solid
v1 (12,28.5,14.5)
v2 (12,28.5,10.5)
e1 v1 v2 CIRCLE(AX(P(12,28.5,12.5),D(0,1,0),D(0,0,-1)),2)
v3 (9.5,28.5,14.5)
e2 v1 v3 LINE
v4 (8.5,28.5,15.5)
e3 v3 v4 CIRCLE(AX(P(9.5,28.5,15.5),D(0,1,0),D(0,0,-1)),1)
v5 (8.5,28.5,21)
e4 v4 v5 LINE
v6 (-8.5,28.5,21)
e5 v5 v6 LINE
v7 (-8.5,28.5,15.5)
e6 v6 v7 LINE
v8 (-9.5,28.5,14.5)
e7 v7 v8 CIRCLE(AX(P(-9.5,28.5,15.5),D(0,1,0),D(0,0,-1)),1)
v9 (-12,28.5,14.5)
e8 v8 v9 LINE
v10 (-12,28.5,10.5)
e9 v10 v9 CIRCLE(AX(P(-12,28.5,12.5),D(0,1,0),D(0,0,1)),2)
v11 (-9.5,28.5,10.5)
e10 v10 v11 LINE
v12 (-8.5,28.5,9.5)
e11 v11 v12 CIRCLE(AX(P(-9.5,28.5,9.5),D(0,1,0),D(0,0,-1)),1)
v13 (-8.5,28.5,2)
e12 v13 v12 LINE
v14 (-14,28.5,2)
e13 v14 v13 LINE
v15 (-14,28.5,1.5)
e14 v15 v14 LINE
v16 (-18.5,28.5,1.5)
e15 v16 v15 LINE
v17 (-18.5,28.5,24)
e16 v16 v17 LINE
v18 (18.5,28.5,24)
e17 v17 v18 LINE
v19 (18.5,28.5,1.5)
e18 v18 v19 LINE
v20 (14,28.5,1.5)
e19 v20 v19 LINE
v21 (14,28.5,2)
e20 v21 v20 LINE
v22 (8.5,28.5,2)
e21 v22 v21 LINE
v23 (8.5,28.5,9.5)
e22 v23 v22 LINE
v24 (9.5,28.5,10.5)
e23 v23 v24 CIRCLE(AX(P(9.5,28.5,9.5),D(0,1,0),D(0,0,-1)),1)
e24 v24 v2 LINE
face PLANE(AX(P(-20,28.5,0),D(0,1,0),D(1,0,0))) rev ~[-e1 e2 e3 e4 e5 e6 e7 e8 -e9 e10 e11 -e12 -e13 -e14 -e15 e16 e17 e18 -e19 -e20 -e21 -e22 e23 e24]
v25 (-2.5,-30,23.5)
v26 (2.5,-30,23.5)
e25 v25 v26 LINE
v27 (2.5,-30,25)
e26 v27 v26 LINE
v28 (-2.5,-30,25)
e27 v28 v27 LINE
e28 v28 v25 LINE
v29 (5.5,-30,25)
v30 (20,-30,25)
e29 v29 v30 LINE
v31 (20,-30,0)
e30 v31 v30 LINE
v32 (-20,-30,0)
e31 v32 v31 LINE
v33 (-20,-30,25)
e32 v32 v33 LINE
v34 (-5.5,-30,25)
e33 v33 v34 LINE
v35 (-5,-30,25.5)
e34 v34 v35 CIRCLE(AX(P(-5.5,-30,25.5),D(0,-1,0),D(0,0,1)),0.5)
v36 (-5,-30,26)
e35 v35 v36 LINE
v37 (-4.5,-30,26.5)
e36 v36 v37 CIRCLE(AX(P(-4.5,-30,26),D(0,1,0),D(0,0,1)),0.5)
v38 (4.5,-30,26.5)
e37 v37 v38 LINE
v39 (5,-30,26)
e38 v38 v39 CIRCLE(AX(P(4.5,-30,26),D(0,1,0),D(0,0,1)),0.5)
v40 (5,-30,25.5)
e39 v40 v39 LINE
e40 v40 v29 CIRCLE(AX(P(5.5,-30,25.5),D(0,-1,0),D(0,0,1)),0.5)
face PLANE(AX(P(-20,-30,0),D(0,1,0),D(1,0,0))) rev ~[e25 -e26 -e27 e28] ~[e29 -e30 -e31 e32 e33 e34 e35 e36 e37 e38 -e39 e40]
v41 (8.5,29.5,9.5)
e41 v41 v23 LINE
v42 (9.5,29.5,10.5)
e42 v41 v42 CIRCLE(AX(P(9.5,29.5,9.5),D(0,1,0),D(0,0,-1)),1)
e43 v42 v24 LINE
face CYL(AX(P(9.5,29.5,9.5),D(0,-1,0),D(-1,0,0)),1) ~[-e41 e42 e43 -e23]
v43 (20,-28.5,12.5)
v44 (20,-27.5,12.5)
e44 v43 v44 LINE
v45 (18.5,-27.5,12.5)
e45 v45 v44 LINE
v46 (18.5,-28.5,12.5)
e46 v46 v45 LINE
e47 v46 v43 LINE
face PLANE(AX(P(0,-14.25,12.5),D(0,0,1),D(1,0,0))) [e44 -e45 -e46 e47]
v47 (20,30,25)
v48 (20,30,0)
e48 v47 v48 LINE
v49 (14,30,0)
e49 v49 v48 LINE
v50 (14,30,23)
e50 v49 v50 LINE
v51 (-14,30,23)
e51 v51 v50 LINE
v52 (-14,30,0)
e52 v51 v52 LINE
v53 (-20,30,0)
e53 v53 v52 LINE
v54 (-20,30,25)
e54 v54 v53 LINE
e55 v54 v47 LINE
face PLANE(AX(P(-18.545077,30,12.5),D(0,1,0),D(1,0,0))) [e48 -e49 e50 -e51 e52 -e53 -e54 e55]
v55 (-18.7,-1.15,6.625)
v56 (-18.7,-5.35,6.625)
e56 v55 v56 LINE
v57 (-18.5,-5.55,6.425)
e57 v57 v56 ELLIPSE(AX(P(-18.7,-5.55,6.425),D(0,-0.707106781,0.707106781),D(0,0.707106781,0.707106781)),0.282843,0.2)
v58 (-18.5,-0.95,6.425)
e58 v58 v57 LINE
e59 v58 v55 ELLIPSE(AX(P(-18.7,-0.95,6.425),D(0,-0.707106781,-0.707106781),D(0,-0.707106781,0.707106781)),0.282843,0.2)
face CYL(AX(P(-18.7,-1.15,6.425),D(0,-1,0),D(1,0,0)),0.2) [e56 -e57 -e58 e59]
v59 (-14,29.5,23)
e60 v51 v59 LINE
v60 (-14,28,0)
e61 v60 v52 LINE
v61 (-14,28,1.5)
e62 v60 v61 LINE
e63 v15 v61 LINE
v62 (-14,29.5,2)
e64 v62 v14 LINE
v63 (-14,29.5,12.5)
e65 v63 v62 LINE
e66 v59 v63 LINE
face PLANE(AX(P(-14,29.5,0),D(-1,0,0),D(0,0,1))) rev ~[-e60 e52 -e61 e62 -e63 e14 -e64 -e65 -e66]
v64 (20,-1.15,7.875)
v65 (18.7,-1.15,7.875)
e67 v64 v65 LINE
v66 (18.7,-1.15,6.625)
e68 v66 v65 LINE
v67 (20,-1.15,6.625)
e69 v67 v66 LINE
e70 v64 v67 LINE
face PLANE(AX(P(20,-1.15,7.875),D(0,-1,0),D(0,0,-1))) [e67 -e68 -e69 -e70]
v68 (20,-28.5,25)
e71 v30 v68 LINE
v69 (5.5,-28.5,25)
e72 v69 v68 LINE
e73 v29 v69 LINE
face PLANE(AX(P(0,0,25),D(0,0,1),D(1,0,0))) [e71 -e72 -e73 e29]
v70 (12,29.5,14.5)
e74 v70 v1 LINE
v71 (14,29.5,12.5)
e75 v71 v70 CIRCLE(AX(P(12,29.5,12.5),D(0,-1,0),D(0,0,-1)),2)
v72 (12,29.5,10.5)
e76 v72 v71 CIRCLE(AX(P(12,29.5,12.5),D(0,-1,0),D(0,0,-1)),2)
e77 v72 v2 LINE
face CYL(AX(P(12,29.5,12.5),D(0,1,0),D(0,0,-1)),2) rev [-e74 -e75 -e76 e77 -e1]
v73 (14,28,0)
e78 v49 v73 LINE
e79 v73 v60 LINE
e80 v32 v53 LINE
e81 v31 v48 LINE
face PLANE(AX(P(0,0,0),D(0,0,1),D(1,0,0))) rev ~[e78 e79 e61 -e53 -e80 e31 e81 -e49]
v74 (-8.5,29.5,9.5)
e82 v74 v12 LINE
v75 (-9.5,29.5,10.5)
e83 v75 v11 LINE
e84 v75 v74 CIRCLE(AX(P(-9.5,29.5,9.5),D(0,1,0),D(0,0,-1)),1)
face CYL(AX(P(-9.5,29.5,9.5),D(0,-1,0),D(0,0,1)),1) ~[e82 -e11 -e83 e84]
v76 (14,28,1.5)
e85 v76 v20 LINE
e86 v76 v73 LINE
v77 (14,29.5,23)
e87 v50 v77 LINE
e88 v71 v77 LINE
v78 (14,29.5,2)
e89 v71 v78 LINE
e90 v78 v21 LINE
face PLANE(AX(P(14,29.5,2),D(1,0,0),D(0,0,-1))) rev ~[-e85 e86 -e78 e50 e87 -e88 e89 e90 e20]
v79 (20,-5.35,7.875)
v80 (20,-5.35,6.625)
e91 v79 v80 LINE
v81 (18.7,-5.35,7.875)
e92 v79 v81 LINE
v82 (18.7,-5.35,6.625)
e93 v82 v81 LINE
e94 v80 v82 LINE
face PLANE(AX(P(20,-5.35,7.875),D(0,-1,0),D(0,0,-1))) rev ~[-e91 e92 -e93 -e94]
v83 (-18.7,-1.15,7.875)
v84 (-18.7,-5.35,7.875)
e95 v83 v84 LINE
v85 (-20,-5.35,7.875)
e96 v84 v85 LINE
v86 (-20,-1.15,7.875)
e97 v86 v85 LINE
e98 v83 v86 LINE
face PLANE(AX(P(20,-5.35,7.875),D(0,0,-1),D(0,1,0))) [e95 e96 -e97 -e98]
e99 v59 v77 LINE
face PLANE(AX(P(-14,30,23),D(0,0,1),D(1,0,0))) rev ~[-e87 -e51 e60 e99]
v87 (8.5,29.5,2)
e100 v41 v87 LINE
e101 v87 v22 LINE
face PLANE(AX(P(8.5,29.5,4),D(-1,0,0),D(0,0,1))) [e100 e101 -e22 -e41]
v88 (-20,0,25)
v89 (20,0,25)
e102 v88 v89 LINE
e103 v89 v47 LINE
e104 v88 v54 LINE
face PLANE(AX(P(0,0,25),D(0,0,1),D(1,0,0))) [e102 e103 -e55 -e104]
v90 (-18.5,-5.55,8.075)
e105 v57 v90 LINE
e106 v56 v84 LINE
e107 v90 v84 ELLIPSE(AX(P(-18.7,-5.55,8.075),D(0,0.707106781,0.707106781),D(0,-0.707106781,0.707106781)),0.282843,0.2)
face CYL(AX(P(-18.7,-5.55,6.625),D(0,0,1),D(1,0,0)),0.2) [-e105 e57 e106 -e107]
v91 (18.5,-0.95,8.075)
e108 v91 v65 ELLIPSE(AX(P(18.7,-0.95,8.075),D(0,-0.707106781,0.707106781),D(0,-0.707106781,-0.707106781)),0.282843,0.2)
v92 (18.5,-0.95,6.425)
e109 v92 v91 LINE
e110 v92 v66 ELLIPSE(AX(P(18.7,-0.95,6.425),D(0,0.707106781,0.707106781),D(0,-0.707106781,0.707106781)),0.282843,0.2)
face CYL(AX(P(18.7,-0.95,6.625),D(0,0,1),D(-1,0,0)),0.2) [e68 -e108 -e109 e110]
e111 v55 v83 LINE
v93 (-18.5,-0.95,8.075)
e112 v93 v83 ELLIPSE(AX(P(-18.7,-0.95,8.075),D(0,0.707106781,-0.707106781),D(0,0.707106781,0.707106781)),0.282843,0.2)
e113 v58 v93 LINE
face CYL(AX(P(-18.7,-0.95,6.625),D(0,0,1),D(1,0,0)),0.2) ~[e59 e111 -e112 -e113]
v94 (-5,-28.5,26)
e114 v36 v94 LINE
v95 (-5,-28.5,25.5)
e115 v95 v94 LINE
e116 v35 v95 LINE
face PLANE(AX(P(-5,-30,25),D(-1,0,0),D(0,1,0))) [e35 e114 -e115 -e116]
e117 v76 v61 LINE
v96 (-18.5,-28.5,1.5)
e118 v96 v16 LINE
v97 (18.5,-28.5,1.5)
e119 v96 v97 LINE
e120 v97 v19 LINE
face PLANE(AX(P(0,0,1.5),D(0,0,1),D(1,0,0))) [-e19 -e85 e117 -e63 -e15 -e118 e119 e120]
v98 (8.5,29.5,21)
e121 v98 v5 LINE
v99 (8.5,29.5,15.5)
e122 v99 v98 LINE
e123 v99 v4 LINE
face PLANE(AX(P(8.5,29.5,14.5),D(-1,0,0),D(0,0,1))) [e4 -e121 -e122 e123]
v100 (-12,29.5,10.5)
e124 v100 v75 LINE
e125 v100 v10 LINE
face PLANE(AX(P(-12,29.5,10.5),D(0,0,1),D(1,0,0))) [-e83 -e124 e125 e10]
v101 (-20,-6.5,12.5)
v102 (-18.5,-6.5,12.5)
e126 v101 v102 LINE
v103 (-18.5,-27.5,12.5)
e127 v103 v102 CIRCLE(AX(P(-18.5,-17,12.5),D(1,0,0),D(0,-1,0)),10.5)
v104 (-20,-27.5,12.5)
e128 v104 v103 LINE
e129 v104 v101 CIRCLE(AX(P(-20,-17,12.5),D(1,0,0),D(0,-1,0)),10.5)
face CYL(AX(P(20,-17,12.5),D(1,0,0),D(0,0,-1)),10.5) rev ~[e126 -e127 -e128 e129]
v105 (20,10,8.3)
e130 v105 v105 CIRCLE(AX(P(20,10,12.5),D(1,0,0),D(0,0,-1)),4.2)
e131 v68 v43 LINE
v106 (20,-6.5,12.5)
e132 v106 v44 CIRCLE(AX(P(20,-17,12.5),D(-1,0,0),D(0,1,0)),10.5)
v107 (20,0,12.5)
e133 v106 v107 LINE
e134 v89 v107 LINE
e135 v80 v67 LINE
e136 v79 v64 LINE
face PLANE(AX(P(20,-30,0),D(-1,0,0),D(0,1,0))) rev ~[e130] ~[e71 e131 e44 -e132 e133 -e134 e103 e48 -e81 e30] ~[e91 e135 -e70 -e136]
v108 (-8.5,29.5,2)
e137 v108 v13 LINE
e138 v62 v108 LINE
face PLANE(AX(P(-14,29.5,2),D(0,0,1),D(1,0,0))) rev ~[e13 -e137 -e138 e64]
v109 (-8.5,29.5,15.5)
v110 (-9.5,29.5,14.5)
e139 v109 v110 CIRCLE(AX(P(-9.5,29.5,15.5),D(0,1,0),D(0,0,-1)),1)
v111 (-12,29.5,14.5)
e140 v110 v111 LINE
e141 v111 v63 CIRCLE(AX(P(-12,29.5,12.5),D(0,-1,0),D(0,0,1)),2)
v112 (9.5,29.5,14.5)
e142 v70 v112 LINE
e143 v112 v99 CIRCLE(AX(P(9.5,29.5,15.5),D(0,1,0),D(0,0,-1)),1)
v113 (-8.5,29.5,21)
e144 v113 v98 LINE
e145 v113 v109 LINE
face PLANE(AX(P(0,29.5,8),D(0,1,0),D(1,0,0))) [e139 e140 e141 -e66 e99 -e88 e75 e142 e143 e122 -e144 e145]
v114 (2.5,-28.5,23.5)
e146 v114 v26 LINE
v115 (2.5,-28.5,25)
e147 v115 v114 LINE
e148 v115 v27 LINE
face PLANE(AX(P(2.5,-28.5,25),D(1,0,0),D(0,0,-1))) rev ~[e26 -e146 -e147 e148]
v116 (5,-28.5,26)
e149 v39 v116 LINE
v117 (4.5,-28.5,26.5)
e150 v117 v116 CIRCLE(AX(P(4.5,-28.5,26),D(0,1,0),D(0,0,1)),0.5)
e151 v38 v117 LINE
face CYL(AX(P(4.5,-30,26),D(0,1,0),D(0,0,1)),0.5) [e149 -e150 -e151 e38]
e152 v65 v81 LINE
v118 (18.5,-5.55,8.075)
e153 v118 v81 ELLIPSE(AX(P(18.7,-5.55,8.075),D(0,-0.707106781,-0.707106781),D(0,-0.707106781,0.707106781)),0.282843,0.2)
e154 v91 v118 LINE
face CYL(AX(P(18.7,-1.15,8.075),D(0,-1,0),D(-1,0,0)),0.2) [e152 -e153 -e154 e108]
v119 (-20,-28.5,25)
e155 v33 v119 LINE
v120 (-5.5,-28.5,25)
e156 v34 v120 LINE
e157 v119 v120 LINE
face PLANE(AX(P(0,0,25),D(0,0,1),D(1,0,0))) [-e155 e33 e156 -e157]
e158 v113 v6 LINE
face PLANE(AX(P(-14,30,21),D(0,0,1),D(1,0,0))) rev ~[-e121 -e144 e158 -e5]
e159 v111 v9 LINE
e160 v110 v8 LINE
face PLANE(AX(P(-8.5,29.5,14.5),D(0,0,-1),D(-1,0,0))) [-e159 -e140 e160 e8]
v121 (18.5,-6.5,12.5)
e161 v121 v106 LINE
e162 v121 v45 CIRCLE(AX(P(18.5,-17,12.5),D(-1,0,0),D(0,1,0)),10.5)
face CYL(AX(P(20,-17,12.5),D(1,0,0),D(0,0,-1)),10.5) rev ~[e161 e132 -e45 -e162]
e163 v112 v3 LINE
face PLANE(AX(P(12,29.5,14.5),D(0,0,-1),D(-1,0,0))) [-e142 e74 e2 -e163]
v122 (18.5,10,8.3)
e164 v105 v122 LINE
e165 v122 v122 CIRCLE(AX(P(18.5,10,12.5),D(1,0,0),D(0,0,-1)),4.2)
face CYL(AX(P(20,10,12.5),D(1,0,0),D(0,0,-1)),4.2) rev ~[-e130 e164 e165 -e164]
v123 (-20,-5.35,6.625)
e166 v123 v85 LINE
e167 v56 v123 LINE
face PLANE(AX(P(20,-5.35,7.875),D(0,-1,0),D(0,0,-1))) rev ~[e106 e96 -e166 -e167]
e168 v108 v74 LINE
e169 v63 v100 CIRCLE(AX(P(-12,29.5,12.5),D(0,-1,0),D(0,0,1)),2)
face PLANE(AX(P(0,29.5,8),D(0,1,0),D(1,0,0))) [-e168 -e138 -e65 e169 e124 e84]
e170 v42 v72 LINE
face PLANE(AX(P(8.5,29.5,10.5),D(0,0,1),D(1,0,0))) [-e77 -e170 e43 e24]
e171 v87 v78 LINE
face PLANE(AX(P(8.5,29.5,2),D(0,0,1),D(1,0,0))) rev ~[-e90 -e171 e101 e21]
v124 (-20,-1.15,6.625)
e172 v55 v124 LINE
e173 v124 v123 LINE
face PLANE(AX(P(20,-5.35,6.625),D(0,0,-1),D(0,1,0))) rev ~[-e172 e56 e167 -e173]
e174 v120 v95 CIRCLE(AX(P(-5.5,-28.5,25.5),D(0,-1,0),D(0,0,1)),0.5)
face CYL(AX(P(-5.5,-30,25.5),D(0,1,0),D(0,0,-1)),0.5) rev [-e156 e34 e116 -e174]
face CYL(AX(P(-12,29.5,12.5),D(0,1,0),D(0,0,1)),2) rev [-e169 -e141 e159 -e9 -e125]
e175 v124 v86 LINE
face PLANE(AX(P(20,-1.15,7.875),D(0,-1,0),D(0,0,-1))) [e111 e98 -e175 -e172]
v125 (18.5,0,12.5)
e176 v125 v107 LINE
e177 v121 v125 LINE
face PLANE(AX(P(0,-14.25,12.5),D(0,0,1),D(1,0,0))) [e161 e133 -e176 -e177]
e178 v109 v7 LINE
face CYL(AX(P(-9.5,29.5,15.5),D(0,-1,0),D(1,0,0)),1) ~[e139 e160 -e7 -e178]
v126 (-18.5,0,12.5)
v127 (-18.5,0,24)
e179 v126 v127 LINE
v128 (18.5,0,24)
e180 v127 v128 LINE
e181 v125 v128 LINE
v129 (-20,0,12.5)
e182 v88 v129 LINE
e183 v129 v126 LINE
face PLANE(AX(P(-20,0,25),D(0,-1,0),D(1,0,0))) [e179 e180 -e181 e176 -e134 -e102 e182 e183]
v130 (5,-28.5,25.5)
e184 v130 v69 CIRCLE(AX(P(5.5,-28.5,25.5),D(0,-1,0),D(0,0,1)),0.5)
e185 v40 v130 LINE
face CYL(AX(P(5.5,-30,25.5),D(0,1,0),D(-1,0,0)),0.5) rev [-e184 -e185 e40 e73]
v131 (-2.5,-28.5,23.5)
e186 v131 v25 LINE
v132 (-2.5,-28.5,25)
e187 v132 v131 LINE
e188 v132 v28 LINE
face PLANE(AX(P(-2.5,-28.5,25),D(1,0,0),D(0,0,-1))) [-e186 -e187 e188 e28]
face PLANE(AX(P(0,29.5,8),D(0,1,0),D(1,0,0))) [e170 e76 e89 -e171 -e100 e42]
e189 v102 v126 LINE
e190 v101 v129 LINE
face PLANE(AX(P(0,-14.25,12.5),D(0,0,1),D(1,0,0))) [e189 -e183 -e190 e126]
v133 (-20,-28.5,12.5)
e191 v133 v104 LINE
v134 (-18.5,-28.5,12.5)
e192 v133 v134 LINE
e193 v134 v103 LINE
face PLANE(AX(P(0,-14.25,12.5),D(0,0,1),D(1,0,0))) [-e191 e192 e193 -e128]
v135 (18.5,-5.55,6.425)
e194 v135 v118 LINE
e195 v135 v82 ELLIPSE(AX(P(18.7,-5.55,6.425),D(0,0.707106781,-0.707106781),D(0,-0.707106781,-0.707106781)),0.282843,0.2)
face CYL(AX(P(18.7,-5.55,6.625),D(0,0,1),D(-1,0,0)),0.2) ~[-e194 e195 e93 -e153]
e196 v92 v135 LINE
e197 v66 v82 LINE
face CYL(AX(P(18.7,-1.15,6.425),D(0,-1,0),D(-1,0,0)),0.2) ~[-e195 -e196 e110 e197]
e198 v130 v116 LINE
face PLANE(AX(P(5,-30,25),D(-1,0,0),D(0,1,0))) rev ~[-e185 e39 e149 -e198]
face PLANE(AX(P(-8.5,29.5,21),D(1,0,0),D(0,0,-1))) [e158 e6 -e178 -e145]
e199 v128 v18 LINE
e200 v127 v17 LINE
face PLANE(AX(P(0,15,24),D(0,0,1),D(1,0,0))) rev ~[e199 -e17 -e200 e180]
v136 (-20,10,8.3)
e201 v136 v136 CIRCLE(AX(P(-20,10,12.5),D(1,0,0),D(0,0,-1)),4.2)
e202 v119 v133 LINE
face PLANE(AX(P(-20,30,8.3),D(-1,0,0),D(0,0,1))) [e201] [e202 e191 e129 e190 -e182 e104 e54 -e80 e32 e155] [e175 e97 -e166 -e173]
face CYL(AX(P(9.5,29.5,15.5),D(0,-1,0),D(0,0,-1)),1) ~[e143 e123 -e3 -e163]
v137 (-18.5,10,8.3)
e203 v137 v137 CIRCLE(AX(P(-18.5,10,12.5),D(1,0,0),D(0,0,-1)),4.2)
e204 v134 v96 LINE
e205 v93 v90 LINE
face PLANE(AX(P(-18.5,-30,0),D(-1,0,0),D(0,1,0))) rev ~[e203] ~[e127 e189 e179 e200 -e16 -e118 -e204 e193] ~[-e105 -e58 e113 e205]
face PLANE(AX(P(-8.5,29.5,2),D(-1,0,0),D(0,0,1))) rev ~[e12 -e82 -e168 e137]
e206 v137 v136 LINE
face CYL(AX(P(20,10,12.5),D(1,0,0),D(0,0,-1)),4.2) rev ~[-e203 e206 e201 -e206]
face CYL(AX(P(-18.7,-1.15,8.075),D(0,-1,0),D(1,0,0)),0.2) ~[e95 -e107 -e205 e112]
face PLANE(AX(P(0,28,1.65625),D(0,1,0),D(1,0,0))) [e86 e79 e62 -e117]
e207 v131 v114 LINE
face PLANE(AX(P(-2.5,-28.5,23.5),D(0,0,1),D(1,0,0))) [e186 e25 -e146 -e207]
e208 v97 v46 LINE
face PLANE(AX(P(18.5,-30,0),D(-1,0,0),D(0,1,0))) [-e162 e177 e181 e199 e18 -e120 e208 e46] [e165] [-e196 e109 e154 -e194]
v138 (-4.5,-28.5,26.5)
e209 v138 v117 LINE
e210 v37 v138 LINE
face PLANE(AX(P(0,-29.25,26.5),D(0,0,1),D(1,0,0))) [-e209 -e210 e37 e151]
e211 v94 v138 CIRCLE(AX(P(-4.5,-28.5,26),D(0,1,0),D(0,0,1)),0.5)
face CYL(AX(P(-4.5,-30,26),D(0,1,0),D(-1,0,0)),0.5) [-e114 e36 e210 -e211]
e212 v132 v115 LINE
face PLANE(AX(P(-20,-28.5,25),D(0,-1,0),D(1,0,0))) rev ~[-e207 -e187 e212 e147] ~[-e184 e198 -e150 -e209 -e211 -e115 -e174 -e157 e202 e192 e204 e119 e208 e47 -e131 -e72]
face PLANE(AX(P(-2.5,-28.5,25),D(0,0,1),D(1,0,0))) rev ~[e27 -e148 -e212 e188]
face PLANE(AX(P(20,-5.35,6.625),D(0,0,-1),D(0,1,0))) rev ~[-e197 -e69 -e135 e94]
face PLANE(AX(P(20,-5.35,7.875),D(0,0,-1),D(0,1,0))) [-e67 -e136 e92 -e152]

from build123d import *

# Parameters (mm, degrees)
SKETCH_1_W           = 40
SKETCH_1_H           = 60
EXTRUDE_1_DEPTH      = 25
SHELL_1_T            = -1.5
SKETCH_2_R           = 10.5
CUT_EXTRUDE_1_DEPTH  = 75
SKETCH_3_W           = 40
SKETCH_3_H           = 30
EXTRUDE_2_DEPTH      = 1
SKETCH_4_W           = 40
SKETCH_4_H           = 28.5
CUT_EXTRUDE_2_DEPTH  = 12.5
SKETCH_5_R           = 4.2
CUT_EXTRUDE_3_DEPTH  = 1.5
SKETCH_6_W           = 28
SKETCH_6_H           = 26
CUT_EXTRUDE_4_DEPTH  = 0.5
CUT_EXTRUDE_7_DEPTH  = 3.5
SKETCH_9_W           = 28
SKETCH_9_H           = 2
CUT_EXTRUDE_8_DEPTH  = 0.5
FILLET_1_R           = 1
CUT_EXTRUDE_9_DEPTH  = 1.5
SKETCH_18_W          = 10
SKETCH_18_H          = 1.5
EXTRUDE_6_DEPTH      = 1.5
SKETCH_22_W          = 5
SKETCH_22_H          = 1.5
CUT_EXTRUDE_13_DEPTH = 2
FILLET_4_R           = 0.5
SKETCH_26_W          = 1.25
SKETCH_26_H          = 4.2
CUT_EXTRUDE_15_DEPTH = 41
FILLET_5_R           = 0.2
SKETCH_17_R          = 4.2
CUT_EXTRUDE_16_DEPTH = 41
EXTRUDE_START        = 1.5
EXTRUDE_9_DEPTH      = 1.5


with BuildPart() as part:
    # 草图1 → 凸台-拉伸1 (new body)
    with BuildSketch(Plane.XY):
        Rectangle(SKETCH_1_W, SKETCH_1_H)
    extrude(amount=EXTRUDE_1_DEPTH)

    # 抽壳1
    shell_1_openings = [part.faces().sort_by_distance(p)[0] for p in [
        (0, 0, 25),
    ]]
    offset(amount=SHELL_1_T, openings=shell_1_openings, kind=Kind.INTERSECTION)

    # 草图2 → 切除-拉伸1 (cut)
    with BuildSketch(Plane(origin=(20, 0, 0), x_dir=(0, 0, -1), z_dir=(1, 0, 0))):
        with Locations((-12.5, -17)):
            Circle(SKETCH_2_R)
    extrude(amount=-CUT_EXTRUDE_1_DEPTH, mode=Mode.SUBTRACT)

    # 草图3 → 凸台-拉伸2 (add)
    with BuildSketch(Plane.XY.offset(25)):
        with Locations((0, 15)):
            Rectangle(SKETCH_3_W, SKETCH_3_H)
    extrude(amount=-EXTRUDE_2_DEPTH)

    # 草图4 → 切除-拉伸2 (cut)
    with BuildSketch(Plane.XY.offset(25)):
        with Locations((0, -14.25)):
            Rectangle(SKETCH_4_W, SKETCH_4_H)
    extrude(amount=-CUT_EXTRUDE_2_DEPTH, mode=Mode.SUBTRACT)

    # 草图5 → 切除-拉伸3 (cut)
    with BuildSketch(Plane(origin=(0, 30, 0), x_dir=(1, 0, 0), z_dir=(0, 1, 0))):
        with Locations((-20, -12.5)):
            Circle(SKETCH_5_R)
        with Locations((20, -12.5)):
            Circle(SKETCH_5_R)
    extrude(amount=-CUT_EXTRUDE_3_DEPTH, mode=Mode.SUBTRACT)

    # 草图6 → 切除-拉伸4 (cut)
    with BuildSketch(Plane(origin=(0, 30, 0), x_dir=(1, 0, 0), z_dir=(0, 1, 0))):
        with Locations((0, -8)):
            Rectangle(SKETCH_6_W, SKETCH_6_H)
    extrude(amount=-CUT_EXTRUDE_4_DEPTH, mode=Mode.SUBTRACT)

    # 草图8 → 切除-拉伸7 (cut)
    with BuildSketch(Plane(origin=(0, 29.5, 0), x_dir=(1, 0, 0), z_dir=(0, 1, 0))):
        with BuildLine():
            Line((-8.5, -4), (8.5, -4))
            Line((8.5, -4), (8.5, -10.5))
            Line((8.5, -10.5), (12, -10.5))
            ThreePointArc((12, -10.5), (14, -12.5), (12, -14.5))
            Line((12, -14.5), (8.5, -14.5))
            Line((8.5, -14.5), (8.5, -21))
            Line((8.5, -21), (-8.5, -21))
            Line((-8.5, -21), (-8.5, -14.5))
            Line((-8.5, -14.5), (-12, -14.5))
            ThreePointArc((-12, -14.5), (-14, -12.5), (-12, -10.5))
            Line((-12, -10.5), (-8.5, -10.5))
            Line((-8.5, -10.5), (-8.5, -4))
        make_face()
    extrude(amount=-CUT_EXTRUDE_7_DEPTH, mode=Mode.SUBTRACT)

    # 草图9 → 切除-拉伸8 (cut)
    with BuildSketch(Plane(origin=(0, 30, 0), x_dir=(1, 0, 0), z_dir=(0, 1, 0))):
        with Locations((0, -22)):
            Rectangle(SKETCH_9_W, SKETCH_9_H)
    extrude(amount=-CUT_EXTRUDE_8_DEPTH, mode=Mode.SUBTRACT)

    # 圆角1
    fillet_1_edges = [part.edges().sort_by_distance(p)[0] for p in [
        (8.5, 29, 14.5),
        (-8.5, 29, 14.5),
        (-8.5, 29, 10.5),
        (8.5, 29, 10.5),
    ]]
    fillet(fillet_1_edges, radius=FILLET_1_R)

    # 草图10 → 切除-拉伸9 (cut)
    with BuildSketch(Plane(origin=(0, 29.5, 0), x_dir=(1, 0, 0), z_dir=(0, 1, 0))):
        Polygon((8.5, -4), (8.5, -2), (14, -2), (14, 0), (8.5, 0), (-8.5, 0), (-14, 0), (-14, -2), (-8.5, -2), (-8.5, -4), align=None)
    extrude(amount=-CUT_EXTRUDE_9_DEPTH, mode=Mode.SUBTRACT)

    # 草图18 → 凸台-拉伸6 (add)
    with BuildSketch(Plane.XY.offset(25)):
        with Locations((0, -29.25)):
            Rectangle(SKETCH_18_W, SKETCH_18_H)
    extrude(amount=EXTRUDE_6_DEPTH)

    # 草图22 → 切除-拉伸13 (cut)
    with BuildSketch(Plane(origin=(0, -28.5, 0), x_dir=(1, 0, 0), z_dir=(0, 1, 0))):
        with Locations((0, -24.25)):
            Rectangle(SKETCH_22_W, SKETCH_22_H)
    extrude(amount=-CUT_EXTRUDE_13_DEPTH, mode=Mode.SUBTRACT)

    # 圆角4
    fillet_4_edges = [part.edges().sort_by_distance(p)[0] for p in [
        (5, -29.25, 25),
        (-5, -29.25, 25),
        (5, -29.25, 26.5),
        (-5, -29.25, 26.5),
    ]]
    fillet(fillet_4_edges, radius=FILLET_4_R)

    # 草图26 → 切除-拉伸15 (cut)
    with BuildSketch(Plane(origin=(20, 0, 0), x_dir=(0, 0, -1), z_dir=(1, 0, 0))):
        with Locations((-7.25, -3.25)):
            Rectangle(SKETCH_26_W, SKETCH_26_H)
    extrude(amount=-CUT_EXTRUDE_15_DEPTH, mode=Mode.SUBTRACT)

    # 圆角5
    fillet_5_edges = [part.edges().sort_by_distance(p)[0] for p in [
        (-18.5, -1.15, 7.25),
        (-18.5, -3.25, 7.875),
        (-18.5, -5.35, 7.25),
        (-18.5, -3.25, 6.625),
        (18.5, -3.25, 6.625),
        (18.5, -5.35, 7.25),
        (18.5, -3.25, 7.875),
        (18.5, -1.15, 7.25),
    ]]
    fillet(fillet_5_edges, radius=FILLET_5_R)

    # 草图17 → 切除-拉伸16 (cut)
    with BuildSketch(Plane(origin=(20, 0, 0), x_dir=(0, 0, -1), z_dir=(1, 0, 0))):
        with Locations((-12.5, 10)):
            Circle(SKETCH_17_R)
    extrude(amount=-CUT_EXTRUDE_16_DEPTH, mode=Mode.SUBTRACT)

    # 草图27 → 凸台-拉伸9 (add)
    with BuildSketch(Plane(origin=(0, 28.5, 0), x_dir=(1, 0, 0), z_dir=(0, 1, 0)).offset(EXTRUDE_START)):
        with BuildLine():
            Line((-20, -8.3), (-20, -16.7))
            ThreePointArc((-20, -16.7), (-15.8, -12.5), (-20, -8.3))
        make_face()
        with BuildLine():
            Line((20, -8.3), (20, -16.7))
            ThreePointArc((20, -16.7), (15.8, -12.5), (20, -8.3))
        make_face()
    extrude(amount=-EXTRUDE_9_DEPTH)


solid = part.part
